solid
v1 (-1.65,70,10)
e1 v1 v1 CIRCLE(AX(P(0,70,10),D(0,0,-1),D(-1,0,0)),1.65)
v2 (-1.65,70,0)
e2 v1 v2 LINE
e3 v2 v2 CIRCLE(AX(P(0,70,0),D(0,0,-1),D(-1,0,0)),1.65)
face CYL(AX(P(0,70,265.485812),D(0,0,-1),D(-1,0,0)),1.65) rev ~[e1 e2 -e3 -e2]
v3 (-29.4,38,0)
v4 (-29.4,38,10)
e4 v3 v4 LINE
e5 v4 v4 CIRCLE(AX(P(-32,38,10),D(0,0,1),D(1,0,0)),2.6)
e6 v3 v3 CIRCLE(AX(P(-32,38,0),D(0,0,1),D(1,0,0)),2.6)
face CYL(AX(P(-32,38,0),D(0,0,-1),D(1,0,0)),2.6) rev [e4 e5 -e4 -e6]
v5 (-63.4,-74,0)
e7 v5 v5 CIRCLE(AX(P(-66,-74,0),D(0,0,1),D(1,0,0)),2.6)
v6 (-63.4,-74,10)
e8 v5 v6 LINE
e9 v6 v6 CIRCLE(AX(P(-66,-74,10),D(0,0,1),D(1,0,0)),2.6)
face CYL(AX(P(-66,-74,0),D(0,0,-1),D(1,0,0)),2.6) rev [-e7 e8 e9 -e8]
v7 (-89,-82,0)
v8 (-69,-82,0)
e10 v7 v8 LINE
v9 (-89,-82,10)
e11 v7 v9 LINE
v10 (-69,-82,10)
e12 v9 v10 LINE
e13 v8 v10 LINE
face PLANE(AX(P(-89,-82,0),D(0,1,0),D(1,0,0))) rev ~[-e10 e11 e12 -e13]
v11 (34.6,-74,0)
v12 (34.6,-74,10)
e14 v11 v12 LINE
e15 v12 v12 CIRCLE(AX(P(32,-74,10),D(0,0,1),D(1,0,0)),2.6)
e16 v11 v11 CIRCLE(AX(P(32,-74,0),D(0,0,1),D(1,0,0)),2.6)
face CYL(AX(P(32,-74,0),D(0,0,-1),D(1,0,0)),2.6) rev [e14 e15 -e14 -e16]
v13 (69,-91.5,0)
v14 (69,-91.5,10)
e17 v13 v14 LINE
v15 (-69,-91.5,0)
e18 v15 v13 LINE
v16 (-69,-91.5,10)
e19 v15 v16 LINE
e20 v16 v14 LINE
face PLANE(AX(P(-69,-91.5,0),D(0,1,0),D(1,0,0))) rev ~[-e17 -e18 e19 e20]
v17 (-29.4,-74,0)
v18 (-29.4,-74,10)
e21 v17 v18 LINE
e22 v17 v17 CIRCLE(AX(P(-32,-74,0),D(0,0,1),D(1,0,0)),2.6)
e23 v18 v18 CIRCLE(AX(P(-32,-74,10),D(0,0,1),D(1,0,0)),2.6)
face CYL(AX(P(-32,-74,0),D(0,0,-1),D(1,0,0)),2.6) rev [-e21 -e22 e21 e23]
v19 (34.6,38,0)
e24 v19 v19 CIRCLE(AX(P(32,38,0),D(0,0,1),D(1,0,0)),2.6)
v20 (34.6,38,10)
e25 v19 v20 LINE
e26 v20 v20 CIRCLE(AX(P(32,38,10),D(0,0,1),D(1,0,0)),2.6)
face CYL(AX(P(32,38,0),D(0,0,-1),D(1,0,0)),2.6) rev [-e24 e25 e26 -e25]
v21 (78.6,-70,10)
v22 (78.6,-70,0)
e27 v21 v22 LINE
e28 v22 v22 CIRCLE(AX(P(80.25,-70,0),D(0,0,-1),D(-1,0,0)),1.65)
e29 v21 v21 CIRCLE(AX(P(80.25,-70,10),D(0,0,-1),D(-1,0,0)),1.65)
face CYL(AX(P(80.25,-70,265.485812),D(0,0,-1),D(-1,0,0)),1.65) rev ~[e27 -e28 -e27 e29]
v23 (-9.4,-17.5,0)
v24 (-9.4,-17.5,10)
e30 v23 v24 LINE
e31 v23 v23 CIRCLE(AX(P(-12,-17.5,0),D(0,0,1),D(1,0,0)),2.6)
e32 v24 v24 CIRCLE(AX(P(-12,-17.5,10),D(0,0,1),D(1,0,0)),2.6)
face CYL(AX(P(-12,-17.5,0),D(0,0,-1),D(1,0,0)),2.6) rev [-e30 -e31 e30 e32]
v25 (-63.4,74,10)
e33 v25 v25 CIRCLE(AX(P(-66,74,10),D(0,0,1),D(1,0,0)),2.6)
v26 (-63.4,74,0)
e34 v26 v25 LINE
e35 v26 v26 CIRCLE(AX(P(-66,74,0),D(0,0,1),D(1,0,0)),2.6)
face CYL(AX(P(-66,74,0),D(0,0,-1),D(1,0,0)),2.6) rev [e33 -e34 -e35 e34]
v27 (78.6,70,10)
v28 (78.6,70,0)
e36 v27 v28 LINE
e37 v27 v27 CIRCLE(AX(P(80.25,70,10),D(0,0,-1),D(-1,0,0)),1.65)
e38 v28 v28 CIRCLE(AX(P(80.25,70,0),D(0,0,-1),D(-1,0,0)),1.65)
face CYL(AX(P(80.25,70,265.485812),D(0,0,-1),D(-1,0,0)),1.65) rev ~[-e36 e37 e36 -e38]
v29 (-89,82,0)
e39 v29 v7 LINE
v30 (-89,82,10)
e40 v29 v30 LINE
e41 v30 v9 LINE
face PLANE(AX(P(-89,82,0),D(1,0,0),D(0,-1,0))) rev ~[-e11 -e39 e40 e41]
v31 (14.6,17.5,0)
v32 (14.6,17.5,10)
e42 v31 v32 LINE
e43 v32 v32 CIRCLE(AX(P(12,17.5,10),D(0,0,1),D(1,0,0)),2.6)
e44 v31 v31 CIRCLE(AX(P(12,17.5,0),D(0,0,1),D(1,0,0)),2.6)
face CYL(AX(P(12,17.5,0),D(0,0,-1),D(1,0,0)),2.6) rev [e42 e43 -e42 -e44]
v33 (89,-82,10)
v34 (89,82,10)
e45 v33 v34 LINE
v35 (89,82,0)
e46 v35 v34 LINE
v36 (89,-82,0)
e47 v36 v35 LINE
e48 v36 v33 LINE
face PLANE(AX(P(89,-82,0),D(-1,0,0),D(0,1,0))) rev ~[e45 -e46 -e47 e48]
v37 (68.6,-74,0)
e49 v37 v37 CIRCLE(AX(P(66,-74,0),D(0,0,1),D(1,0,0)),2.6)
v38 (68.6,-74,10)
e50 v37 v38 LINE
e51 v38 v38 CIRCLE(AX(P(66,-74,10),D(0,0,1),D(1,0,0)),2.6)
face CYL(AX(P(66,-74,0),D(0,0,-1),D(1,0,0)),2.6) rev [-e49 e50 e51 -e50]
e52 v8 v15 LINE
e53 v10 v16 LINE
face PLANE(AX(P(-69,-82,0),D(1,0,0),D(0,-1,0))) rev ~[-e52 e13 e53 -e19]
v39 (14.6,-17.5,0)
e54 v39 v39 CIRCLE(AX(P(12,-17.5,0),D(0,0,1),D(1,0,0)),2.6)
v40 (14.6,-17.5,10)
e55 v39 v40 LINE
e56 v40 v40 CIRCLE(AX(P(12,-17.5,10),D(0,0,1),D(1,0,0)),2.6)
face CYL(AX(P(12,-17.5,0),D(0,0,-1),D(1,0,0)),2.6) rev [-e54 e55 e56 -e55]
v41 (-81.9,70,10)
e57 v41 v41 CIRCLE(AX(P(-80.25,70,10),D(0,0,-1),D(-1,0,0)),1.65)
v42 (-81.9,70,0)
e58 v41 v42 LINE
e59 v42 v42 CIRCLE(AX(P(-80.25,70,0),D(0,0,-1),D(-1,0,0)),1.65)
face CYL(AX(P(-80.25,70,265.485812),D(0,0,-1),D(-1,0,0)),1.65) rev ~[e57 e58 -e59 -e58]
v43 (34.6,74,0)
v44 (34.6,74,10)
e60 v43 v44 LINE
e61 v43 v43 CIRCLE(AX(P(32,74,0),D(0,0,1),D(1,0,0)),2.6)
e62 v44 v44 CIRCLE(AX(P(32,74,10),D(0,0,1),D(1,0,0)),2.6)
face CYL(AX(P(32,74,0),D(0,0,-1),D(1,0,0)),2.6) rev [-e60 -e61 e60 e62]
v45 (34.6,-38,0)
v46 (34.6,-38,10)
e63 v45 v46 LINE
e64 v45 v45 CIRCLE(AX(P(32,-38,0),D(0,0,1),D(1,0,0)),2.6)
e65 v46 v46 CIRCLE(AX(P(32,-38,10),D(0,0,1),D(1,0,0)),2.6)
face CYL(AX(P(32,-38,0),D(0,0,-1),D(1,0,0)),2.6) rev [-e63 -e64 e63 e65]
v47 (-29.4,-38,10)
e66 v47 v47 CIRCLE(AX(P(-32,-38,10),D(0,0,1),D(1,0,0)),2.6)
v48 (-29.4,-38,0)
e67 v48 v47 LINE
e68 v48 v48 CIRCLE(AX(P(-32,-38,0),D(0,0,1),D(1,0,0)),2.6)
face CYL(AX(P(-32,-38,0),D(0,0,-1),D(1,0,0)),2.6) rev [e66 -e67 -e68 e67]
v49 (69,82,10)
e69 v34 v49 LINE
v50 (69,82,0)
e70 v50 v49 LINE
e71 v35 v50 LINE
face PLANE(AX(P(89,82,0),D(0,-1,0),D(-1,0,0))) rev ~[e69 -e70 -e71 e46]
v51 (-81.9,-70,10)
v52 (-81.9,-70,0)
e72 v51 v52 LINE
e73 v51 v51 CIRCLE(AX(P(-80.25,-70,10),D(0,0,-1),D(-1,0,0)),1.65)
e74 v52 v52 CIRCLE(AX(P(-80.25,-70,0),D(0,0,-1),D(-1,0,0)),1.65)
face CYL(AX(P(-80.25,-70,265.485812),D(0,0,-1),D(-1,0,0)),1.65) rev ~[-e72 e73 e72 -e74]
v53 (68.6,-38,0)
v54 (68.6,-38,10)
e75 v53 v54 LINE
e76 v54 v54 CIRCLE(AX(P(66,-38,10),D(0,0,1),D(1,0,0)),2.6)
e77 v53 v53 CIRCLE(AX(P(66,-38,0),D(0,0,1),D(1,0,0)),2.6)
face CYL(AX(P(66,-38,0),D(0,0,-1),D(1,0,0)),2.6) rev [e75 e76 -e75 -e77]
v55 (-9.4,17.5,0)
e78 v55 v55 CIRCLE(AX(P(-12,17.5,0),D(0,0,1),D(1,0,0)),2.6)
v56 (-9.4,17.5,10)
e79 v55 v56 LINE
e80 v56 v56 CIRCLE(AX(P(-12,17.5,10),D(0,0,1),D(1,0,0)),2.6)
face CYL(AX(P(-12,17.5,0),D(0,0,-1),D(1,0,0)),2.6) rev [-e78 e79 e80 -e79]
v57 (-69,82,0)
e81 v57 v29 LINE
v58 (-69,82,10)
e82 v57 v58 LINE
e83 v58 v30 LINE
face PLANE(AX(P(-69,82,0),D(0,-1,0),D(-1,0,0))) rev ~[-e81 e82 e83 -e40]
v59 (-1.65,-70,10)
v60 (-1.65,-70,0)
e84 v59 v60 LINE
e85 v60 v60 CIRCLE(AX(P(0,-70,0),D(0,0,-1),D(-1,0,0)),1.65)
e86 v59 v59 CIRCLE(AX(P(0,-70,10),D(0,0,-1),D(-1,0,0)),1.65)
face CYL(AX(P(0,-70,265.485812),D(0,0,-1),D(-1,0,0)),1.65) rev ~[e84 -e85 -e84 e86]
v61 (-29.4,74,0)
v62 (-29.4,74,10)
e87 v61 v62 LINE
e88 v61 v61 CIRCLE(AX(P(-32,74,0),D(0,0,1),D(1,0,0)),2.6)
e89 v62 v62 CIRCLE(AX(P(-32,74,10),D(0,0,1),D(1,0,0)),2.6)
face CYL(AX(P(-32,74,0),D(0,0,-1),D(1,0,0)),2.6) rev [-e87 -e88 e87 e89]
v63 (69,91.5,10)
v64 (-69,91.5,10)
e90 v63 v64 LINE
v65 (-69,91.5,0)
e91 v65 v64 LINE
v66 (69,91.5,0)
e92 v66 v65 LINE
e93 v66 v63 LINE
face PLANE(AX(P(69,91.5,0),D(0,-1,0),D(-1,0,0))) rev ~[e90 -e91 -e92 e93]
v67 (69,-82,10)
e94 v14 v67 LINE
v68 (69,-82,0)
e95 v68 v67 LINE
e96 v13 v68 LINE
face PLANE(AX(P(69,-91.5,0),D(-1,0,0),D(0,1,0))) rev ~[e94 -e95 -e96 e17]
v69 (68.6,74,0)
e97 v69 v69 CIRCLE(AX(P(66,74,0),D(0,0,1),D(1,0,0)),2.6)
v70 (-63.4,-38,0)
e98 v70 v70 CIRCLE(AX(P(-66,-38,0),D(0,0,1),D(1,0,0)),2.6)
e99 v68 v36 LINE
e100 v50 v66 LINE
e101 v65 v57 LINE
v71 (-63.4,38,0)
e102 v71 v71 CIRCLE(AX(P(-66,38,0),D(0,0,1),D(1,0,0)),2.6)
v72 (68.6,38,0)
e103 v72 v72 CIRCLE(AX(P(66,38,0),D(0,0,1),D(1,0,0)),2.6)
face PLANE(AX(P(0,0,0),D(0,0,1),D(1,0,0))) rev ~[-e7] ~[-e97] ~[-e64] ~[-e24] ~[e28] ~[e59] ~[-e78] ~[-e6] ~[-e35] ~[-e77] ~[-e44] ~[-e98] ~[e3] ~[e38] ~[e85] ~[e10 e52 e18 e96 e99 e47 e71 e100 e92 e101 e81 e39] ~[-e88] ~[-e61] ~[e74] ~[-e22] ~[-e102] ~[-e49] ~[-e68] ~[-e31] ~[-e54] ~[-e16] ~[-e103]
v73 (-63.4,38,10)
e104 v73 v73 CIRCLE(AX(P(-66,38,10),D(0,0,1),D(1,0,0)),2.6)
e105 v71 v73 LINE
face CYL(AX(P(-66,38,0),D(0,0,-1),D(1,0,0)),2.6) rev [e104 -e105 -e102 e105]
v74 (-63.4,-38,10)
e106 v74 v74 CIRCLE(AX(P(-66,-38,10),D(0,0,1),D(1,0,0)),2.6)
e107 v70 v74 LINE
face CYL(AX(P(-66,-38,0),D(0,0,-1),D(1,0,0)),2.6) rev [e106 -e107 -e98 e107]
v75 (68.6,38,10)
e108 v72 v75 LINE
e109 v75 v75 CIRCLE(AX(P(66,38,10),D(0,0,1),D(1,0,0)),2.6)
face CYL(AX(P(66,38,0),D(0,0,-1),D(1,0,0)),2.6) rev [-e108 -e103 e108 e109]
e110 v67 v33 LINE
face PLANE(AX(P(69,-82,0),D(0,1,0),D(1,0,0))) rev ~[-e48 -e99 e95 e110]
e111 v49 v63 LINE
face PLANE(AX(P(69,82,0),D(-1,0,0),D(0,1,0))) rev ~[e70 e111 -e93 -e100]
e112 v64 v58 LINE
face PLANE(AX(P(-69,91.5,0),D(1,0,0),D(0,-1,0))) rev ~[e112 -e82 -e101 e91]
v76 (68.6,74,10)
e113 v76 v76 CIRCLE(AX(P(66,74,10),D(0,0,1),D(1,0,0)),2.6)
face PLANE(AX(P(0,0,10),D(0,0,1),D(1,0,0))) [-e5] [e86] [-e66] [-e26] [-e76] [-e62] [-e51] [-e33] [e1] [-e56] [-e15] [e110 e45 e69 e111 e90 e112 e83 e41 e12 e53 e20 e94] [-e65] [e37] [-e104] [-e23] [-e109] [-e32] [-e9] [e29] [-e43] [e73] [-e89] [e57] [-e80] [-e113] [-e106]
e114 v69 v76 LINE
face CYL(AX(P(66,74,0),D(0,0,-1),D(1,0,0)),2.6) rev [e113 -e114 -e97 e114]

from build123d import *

# Parameters (mm, degrees)
SKETCH1_R           = 2.6
BOSS_EXTRUDE3_DEPTH = 10
M4_TAPPED_HOLE1_D   = 3.3


with BuildPart() as part:
    # Sketch1 → Boss-Extrude3 (new body)
    with BuildSketch(Plane.XY):
        Polygon((-89, 82), (-89, -82), (-69, -82), (-69, -91.5), (69, -91.5), (69, -82), (89, -82), (89, 82), (69, 82), (69, 91.5), (-69, 91.5), (-69, 82), align=None)
        with Locations((-66, 74)):
            Circle(SKETCH1_R, mode=Mode.SUBTRACT)
        with Locations((-32, 74)):
            Circle(SKETCH1_R, mode=Mode.SUBTRACT)
        with Locations((-32, 38)):
            Circle(SKETCH1_R, mode=Mode.SUBTRACT)
        with Locations((-66, 38)):
            Circle(SKETCH1_R, mode=Mode.SUBTRACT)
        with Locations((66, 38)):
            Circle(SKETCH1_R, mode=Mode.SUBTRACT)
        with Locations((32, 38)):
            Circle(SKETCH1_R, mode=Mode.SUBTRACT)
        with Locations((32, 74)):
            Circle(SKETCH1_R, mode=Mode.SUBTRACT)
        with Locations((66, 74)):
            Circle(SKETCH1_R, mode=Mode.SUBTRACT)
        with Locations((66, -74)):
            Circle(SKETCH1_R, mode=Mode.SUBTRACT)
        with Locations((32, -74)):
            Circle(SKETCH1_R, mode=Mode.SUBTRACT)
        with Locations((32, -38)):
            Circle(SKETCH1_R, mode=Mode.SUBTRACT)
        with Locations((66, -38)):
            Circle(SKETCH1_R, mode=Mode.SUBTRACT)
        with Locations((-66, -38)):
            Circle(SKETCH1_R, mode=Mode.SUBTRACT)
        with Locations((-32, -38)):
            Circle(SKETCH1_R, mode=Mode.SUBTRACT)
        with Locations((-32, -74)):
            Circle(SKETCH1_R, mode=Mode.SUBTRACT)
        with Locations((-66, -74)):
            Circle(SKETCH1_R, mode=Mode.SUBTRACT)
        with Locations((-12, 17.5)):
            Circle(SKETCH1_R, mode=Mode.SUBTRACT)
        with Locations((12, 17.5)):
            Circle(SKETCH1_R, mode=Mode.SUBTRACT)
        with Locations((12, -17.5)):
            Circle(SKETCH1_R, mode=Mode.SUBTRACT)
        with Locations((-12, -17.5)):
            Circle(SKETCH1_R, mode=Mode.SUBTRACT)
    extrude(amount=BOSS_EXTRUDE3_DEPTH)

    # M4 Tapped Hole1 (through all)
    with Locations(Plane.XY.offset(10)):
        with Locations((-80.25, 70), (80.25, 70), (0, 70), (0, -70), (80.25, -70), (-80.25, -70)):
            Hole(M4_TAPPED_HOLE1_D / 2)


solid = part.part
